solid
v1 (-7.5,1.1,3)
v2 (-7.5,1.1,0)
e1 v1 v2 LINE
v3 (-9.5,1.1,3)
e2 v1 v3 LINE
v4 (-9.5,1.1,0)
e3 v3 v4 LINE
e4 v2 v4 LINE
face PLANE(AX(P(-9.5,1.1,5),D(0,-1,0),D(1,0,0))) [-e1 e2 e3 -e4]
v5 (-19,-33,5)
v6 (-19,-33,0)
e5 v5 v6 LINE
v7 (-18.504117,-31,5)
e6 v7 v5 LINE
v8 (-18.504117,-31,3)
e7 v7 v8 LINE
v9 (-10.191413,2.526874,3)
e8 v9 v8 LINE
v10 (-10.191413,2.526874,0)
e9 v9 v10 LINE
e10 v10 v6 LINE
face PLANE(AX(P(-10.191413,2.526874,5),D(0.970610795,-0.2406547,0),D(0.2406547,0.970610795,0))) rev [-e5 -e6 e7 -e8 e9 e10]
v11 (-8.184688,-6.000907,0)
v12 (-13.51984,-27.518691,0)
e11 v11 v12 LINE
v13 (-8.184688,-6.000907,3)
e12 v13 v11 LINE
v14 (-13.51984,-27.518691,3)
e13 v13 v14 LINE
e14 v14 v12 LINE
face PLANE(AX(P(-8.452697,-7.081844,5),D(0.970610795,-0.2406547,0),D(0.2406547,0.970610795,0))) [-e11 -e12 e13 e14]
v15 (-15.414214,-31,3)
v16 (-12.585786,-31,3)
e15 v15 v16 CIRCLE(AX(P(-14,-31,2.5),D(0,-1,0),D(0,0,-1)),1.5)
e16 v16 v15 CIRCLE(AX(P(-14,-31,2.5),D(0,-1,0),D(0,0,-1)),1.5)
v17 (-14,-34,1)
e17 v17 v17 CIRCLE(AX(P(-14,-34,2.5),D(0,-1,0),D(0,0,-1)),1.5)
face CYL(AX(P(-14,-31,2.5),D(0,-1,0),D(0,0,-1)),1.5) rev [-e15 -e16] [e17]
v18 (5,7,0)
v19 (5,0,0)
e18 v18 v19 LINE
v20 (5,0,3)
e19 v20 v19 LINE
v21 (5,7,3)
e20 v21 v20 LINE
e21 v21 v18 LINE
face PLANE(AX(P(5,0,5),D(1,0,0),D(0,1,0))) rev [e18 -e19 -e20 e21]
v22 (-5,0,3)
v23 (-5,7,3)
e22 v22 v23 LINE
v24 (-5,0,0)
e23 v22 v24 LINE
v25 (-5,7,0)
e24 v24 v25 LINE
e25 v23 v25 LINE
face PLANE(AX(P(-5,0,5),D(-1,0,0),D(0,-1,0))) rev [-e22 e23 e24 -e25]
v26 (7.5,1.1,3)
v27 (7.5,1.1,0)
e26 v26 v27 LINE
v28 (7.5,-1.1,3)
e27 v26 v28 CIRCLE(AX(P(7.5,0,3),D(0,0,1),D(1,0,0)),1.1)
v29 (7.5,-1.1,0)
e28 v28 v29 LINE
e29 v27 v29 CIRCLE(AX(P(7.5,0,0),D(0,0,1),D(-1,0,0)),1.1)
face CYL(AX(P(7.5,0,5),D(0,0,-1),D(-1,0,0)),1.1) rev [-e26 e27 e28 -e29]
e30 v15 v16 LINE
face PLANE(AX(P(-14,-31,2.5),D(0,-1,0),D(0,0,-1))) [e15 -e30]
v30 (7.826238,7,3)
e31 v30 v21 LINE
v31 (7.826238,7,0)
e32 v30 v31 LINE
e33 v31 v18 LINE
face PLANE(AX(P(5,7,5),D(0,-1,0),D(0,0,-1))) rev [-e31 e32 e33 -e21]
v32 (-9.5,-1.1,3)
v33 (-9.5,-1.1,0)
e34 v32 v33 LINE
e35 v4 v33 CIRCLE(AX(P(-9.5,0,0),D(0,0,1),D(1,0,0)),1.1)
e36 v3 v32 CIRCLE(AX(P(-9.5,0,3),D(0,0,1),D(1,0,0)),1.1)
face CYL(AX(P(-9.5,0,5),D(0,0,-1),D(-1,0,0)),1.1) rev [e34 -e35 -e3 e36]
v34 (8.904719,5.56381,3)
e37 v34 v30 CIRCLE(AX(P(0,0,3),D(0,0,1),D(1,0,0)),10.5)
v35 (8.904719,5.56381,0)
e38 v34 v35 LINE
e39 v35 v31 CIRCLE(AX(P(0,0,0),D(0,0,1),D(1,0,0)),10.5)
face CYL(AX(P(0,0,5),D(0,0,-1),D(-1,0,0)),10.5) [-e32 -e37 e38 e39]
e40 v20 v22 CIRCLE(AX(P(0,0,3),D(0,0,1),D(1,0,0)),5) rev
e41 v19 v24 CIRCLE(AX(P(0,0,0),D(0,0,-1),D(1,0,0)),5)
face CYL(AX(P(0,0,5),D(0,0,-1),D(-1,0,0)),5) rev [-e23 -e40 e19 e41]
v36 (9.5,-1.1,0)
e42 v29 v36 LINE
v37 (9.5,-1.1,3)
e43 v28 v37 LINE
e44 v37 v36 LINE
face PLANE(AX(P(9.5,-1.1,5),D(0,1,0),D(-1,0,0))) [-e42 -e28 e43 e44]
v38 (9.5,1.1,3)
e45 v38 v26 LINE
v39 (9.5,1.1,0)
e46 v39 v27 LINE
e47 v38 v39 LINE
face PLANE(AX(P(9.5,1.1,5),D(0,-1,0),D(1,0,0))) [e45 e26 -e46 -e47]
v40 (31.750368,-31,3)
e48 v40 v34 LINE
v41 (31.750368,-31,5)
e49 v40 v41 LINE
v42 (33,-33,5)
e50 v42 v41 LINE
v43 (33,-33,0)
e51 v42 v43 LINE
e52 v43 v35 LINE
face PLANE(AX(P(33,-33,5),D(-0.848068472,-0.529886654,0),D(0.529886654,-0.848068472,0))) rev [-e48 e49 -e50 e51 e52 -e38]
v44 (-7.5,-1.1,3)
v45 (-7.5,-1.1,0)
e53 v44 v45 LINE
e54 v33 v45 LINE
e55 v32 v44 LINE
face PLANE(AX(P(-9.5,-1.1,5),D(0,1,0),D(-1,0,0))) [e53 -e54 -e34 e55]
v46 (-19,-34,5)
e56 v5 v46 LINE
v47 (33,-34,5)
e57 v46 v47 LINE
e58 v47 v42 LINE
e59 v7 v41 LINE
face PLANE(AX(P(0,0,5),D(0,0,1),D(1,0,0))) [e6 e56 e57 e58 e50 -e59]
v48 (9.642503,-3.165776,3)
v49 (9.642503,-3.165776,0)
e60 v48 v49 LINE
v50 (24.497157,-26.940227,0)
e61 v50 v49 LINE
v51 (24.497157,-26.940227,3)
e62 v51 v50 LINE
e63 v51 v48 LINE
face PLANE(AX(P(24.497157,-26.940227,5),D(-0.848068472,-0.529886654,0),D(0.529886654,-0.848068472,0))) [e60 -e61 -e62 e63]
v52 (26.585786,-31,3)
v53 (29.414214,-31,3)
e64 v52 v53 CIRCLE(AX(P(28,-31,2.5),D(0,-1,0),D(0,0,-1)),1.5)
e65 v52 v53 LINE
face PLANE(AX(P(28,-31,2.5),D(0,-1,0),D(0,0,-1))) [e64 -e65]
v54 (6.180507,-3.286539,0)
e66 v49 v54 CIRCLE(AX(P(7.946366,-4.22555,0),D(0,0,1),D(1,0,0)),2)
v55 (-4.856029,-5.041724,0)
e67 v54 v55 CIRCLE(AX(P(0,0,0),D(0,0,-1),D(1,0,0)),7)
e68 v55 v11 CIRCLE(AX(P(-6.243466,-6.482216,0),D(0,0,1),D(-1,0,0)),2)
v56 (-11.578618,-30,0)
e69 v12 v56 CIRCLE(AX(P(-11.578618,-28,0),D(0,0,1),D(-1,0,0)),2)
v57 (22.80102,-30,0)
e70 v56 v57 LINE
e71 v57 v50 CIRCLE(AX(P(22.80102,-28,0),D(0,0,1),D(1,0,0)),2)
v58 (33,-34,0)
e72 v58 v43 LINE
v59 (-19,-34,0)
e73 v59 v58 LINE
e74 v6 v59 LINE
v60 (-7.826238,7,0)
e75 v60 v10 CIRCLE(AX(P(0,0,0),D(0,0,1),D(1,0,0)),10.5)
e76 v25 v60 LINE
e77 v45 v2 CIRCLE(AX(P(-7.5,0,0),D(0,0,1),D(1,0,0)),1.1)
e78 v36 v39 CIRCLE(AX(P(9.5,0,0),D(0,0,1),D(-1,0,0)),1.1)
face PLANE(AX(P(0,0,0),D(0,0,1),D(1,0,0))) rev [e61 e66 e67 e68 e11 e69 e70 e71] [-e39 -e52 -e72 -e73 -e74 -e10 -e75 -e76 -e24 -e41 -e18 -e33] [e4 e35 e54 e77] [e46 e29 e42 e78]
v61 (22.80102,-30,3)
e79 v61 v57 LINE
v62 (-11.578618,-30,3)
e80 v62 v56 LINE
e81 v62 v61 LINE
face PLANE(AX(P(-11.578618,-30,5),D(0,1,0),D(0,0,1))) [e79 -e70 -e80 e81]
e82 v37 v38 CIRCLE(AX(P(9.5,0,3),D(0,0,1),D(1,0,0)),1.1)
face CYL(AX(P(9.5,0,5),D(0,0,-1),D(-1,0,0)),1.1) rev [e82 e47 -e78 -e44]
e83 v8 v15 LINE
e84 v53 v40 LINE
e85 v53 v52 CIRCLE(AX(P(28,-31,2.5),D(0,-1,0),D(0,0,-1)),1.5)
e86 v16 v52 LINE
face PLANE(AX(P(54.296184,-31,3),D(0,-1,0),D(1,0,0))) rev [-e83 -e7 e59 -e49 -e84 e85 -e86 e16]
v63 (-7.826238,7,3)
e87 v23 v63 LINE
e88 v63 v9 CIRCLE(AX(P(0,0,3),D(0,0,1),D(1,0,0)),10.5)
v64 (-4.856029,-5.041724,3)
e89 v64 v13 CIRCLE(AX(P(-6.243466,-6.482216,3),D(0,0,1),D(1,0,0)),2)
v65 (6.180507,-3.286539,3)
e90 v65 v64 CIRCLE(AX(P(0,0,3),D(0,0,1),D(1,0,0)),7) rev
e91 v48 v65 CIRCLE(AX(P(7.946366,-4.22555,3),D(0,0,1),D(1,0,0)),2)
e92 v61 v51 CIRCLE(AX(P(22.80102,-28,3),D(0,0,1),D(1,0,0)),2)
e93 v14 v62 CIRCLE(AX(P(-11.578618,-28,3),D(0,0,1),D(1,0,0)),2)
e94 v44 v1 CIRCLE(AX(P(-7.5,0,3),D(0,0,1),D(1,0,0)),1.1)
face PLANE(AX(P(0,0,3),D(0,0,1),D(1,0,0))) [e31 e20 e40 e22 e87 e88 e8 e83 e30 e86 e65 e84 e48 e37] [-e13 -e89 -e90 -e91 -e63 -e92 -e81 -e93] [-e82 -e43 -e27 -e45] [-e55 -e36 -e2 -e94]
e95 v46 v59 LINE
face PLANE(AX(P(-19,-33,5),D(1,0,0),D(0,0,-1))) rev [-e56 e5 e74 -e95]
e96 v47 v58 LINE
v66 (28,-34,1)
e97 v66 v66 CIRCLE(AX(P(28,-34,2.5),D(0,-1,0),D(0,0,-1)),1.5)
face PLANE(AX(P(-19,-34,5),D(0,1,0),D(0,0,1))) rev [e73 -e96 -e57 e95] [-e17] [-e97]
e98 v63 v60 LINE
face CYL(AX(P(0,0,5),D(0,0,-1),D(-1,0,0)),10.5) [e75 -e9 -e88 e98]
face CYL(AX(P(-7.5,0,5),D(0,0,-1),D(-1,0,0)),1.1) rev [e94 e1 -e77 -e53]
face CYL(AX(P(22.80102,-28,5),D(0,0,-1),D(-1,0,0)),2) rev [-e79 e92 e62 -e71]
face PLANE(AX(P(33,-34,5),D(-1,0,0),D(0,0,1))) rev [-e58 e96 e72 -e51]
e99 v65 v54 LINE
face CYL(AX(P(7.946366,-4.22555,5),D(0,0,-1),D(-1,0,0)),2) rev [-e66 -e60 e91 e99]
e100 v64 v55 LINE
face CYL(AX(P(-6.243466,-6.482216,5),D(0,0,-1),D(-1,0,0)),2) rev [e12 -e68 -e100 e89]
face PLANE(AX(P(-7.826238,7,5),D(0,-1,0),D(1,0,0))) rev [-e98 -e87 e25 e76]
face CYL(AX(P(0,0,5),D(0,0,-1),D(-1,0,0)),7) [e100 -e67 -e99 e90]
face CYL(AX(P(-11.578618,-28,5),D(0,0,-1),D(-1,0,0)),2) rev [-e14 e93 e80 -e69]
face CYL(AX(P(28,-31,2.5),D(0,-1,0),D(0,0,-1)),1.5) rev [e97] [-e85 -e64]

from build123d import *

# Parameters (mm, degrees)
EXTRUDE_1_DEPTH     = 5
SKETCH_2_W          = 105.590665855
SKETCH_2_H          = 53.734325109
CUT_EXTRUDE_1_DEPTH = 2
SKETCH_4_R          = 1.5
CUT_EXTRUDE_2_DEPTH = 3


with BuildPart() as part:
    # 草图1 → 凸台-拉伸1 (new body)
    with BuildSketch(Plane.XY):
        with BuildLine():
            Line((-10.191413347, 2.526874351), (-19, -33))
            Line((-19, -33), (-19, -34))
            Line((-19, -34), (33, -34))
            Line((33, -34), (33, -33))
            Line((33, -33), (8.904718959, 5.563809869))
            ThreePointArc((8.904718959, 5.563809869), (8.396242616, 6.305006736), (7.826237921, 7))
            Line((7.826237921, 7), (5, 7))
            Line((5, 7), (5, 0))
            ThreePointArc((5, 0), (0, -5), (-5, 0))
            Line((-5, 0), (-5, 7))
            Line((-5, 7), (-7.826237921, 7))
            ThreePointArc((-7.826237921, 7), (-9.282303193, 4.908039061), (-10.191413347, 2.526874351))
        make_face()
        with BuildLine():
            Line((-8.452697078, -7.081843943), (-13.519839571, -27.5186906))
            ThreePointArc((-13.519839571, -27.5186906), (-13.153835237, -29.232351654), (-11.578617982, -30))
            Line((-11.578617982, -30), (22.801020138, -30))
            ThreePointArc((22.801020138, -30), (24.55024091, -28.969652872), (24.497157083, -26.940226692))
            Line((24.497157083, -26.940226692), (9.642502803, -3.165776319))
            ThreePointArc((9.642502803, -3.165776319), (7.876643723, -2.22676529), (6.180506778, -3.286538599))
            ThreePointArc((6.180506778, -3.286538599), (1.099422059, -6.91312311), (-4.856029369, -5.041723789))
            ThreePointArc((-4.856029369, -5.041723789), (-6.797250959, -4.560414389), (-8.184687922, -6.0009069))
            Line((-8.184687922, -6.0009069), (-8.452697078, -7.081843943))
        make_face(mode=Mode.SUBTRACT)
        with BuildLine():
            Line((-9.5, 1.1), (-7.5, 1.1))
            ThreePointArc((-7.5, 1.1), (-6.4, 0), (-7.5, -1.1))
            Line((-7.5, -1.1), (-9.5, -1.1))
            ThreePointArc((-9.5, -1.1), (-10.6, 0), (-9.5, 1.1))
        make_face(mode=Mode.SUBTRACT)
        with BuildLine():
            Line((9.5, -1.1), (7.5, -1.1))
            ThreePointArc((7.5, -1.1), (6.4, 0), (7.5, 1.1))
            Line((7.5, 1.1), (9.5, 1.1))
            ThreePointArc((9.5, 1.1), (10.6, 0), (9.5, -1.1))
        make_face(mode=Mode.SUBTRACT)
    extrude(amount=EXTRUDE_1_DEPTH)

    # 草图2 → 切除-拉伸1 (cut)
    with BuildSketch(Plane.XY.offset(5)):
        with Locations((1.500851151, -4.132837446)):
            Rectangle(SKETCH_2_W, SKETCH_2_H)
    extrude(amount=-CUT_EXTRUDE_1_DEPTH, mode=Mode.SUBTRACT)

    # 草图4 → 切除-拉伸2 (cut)
    with BuildSketch(Plane(origin=(0, -34, 0), x_dir=(-1, 0, 0), z_dir=(0, -1, 0))):
        with Locations(Location((14, -2.5, 0), (0, 0, 90))):
            Circle(SKETCH_4_R)
        with Locations(Location((-28, -2.5, 0), (0, 0, 90))):
            Circle(SKETCH_4_R)
    extrude(amount=-CUT_EXTRUDE_2_DEPTH, mode=Mode.SUBTRACT)


solid = part.part
